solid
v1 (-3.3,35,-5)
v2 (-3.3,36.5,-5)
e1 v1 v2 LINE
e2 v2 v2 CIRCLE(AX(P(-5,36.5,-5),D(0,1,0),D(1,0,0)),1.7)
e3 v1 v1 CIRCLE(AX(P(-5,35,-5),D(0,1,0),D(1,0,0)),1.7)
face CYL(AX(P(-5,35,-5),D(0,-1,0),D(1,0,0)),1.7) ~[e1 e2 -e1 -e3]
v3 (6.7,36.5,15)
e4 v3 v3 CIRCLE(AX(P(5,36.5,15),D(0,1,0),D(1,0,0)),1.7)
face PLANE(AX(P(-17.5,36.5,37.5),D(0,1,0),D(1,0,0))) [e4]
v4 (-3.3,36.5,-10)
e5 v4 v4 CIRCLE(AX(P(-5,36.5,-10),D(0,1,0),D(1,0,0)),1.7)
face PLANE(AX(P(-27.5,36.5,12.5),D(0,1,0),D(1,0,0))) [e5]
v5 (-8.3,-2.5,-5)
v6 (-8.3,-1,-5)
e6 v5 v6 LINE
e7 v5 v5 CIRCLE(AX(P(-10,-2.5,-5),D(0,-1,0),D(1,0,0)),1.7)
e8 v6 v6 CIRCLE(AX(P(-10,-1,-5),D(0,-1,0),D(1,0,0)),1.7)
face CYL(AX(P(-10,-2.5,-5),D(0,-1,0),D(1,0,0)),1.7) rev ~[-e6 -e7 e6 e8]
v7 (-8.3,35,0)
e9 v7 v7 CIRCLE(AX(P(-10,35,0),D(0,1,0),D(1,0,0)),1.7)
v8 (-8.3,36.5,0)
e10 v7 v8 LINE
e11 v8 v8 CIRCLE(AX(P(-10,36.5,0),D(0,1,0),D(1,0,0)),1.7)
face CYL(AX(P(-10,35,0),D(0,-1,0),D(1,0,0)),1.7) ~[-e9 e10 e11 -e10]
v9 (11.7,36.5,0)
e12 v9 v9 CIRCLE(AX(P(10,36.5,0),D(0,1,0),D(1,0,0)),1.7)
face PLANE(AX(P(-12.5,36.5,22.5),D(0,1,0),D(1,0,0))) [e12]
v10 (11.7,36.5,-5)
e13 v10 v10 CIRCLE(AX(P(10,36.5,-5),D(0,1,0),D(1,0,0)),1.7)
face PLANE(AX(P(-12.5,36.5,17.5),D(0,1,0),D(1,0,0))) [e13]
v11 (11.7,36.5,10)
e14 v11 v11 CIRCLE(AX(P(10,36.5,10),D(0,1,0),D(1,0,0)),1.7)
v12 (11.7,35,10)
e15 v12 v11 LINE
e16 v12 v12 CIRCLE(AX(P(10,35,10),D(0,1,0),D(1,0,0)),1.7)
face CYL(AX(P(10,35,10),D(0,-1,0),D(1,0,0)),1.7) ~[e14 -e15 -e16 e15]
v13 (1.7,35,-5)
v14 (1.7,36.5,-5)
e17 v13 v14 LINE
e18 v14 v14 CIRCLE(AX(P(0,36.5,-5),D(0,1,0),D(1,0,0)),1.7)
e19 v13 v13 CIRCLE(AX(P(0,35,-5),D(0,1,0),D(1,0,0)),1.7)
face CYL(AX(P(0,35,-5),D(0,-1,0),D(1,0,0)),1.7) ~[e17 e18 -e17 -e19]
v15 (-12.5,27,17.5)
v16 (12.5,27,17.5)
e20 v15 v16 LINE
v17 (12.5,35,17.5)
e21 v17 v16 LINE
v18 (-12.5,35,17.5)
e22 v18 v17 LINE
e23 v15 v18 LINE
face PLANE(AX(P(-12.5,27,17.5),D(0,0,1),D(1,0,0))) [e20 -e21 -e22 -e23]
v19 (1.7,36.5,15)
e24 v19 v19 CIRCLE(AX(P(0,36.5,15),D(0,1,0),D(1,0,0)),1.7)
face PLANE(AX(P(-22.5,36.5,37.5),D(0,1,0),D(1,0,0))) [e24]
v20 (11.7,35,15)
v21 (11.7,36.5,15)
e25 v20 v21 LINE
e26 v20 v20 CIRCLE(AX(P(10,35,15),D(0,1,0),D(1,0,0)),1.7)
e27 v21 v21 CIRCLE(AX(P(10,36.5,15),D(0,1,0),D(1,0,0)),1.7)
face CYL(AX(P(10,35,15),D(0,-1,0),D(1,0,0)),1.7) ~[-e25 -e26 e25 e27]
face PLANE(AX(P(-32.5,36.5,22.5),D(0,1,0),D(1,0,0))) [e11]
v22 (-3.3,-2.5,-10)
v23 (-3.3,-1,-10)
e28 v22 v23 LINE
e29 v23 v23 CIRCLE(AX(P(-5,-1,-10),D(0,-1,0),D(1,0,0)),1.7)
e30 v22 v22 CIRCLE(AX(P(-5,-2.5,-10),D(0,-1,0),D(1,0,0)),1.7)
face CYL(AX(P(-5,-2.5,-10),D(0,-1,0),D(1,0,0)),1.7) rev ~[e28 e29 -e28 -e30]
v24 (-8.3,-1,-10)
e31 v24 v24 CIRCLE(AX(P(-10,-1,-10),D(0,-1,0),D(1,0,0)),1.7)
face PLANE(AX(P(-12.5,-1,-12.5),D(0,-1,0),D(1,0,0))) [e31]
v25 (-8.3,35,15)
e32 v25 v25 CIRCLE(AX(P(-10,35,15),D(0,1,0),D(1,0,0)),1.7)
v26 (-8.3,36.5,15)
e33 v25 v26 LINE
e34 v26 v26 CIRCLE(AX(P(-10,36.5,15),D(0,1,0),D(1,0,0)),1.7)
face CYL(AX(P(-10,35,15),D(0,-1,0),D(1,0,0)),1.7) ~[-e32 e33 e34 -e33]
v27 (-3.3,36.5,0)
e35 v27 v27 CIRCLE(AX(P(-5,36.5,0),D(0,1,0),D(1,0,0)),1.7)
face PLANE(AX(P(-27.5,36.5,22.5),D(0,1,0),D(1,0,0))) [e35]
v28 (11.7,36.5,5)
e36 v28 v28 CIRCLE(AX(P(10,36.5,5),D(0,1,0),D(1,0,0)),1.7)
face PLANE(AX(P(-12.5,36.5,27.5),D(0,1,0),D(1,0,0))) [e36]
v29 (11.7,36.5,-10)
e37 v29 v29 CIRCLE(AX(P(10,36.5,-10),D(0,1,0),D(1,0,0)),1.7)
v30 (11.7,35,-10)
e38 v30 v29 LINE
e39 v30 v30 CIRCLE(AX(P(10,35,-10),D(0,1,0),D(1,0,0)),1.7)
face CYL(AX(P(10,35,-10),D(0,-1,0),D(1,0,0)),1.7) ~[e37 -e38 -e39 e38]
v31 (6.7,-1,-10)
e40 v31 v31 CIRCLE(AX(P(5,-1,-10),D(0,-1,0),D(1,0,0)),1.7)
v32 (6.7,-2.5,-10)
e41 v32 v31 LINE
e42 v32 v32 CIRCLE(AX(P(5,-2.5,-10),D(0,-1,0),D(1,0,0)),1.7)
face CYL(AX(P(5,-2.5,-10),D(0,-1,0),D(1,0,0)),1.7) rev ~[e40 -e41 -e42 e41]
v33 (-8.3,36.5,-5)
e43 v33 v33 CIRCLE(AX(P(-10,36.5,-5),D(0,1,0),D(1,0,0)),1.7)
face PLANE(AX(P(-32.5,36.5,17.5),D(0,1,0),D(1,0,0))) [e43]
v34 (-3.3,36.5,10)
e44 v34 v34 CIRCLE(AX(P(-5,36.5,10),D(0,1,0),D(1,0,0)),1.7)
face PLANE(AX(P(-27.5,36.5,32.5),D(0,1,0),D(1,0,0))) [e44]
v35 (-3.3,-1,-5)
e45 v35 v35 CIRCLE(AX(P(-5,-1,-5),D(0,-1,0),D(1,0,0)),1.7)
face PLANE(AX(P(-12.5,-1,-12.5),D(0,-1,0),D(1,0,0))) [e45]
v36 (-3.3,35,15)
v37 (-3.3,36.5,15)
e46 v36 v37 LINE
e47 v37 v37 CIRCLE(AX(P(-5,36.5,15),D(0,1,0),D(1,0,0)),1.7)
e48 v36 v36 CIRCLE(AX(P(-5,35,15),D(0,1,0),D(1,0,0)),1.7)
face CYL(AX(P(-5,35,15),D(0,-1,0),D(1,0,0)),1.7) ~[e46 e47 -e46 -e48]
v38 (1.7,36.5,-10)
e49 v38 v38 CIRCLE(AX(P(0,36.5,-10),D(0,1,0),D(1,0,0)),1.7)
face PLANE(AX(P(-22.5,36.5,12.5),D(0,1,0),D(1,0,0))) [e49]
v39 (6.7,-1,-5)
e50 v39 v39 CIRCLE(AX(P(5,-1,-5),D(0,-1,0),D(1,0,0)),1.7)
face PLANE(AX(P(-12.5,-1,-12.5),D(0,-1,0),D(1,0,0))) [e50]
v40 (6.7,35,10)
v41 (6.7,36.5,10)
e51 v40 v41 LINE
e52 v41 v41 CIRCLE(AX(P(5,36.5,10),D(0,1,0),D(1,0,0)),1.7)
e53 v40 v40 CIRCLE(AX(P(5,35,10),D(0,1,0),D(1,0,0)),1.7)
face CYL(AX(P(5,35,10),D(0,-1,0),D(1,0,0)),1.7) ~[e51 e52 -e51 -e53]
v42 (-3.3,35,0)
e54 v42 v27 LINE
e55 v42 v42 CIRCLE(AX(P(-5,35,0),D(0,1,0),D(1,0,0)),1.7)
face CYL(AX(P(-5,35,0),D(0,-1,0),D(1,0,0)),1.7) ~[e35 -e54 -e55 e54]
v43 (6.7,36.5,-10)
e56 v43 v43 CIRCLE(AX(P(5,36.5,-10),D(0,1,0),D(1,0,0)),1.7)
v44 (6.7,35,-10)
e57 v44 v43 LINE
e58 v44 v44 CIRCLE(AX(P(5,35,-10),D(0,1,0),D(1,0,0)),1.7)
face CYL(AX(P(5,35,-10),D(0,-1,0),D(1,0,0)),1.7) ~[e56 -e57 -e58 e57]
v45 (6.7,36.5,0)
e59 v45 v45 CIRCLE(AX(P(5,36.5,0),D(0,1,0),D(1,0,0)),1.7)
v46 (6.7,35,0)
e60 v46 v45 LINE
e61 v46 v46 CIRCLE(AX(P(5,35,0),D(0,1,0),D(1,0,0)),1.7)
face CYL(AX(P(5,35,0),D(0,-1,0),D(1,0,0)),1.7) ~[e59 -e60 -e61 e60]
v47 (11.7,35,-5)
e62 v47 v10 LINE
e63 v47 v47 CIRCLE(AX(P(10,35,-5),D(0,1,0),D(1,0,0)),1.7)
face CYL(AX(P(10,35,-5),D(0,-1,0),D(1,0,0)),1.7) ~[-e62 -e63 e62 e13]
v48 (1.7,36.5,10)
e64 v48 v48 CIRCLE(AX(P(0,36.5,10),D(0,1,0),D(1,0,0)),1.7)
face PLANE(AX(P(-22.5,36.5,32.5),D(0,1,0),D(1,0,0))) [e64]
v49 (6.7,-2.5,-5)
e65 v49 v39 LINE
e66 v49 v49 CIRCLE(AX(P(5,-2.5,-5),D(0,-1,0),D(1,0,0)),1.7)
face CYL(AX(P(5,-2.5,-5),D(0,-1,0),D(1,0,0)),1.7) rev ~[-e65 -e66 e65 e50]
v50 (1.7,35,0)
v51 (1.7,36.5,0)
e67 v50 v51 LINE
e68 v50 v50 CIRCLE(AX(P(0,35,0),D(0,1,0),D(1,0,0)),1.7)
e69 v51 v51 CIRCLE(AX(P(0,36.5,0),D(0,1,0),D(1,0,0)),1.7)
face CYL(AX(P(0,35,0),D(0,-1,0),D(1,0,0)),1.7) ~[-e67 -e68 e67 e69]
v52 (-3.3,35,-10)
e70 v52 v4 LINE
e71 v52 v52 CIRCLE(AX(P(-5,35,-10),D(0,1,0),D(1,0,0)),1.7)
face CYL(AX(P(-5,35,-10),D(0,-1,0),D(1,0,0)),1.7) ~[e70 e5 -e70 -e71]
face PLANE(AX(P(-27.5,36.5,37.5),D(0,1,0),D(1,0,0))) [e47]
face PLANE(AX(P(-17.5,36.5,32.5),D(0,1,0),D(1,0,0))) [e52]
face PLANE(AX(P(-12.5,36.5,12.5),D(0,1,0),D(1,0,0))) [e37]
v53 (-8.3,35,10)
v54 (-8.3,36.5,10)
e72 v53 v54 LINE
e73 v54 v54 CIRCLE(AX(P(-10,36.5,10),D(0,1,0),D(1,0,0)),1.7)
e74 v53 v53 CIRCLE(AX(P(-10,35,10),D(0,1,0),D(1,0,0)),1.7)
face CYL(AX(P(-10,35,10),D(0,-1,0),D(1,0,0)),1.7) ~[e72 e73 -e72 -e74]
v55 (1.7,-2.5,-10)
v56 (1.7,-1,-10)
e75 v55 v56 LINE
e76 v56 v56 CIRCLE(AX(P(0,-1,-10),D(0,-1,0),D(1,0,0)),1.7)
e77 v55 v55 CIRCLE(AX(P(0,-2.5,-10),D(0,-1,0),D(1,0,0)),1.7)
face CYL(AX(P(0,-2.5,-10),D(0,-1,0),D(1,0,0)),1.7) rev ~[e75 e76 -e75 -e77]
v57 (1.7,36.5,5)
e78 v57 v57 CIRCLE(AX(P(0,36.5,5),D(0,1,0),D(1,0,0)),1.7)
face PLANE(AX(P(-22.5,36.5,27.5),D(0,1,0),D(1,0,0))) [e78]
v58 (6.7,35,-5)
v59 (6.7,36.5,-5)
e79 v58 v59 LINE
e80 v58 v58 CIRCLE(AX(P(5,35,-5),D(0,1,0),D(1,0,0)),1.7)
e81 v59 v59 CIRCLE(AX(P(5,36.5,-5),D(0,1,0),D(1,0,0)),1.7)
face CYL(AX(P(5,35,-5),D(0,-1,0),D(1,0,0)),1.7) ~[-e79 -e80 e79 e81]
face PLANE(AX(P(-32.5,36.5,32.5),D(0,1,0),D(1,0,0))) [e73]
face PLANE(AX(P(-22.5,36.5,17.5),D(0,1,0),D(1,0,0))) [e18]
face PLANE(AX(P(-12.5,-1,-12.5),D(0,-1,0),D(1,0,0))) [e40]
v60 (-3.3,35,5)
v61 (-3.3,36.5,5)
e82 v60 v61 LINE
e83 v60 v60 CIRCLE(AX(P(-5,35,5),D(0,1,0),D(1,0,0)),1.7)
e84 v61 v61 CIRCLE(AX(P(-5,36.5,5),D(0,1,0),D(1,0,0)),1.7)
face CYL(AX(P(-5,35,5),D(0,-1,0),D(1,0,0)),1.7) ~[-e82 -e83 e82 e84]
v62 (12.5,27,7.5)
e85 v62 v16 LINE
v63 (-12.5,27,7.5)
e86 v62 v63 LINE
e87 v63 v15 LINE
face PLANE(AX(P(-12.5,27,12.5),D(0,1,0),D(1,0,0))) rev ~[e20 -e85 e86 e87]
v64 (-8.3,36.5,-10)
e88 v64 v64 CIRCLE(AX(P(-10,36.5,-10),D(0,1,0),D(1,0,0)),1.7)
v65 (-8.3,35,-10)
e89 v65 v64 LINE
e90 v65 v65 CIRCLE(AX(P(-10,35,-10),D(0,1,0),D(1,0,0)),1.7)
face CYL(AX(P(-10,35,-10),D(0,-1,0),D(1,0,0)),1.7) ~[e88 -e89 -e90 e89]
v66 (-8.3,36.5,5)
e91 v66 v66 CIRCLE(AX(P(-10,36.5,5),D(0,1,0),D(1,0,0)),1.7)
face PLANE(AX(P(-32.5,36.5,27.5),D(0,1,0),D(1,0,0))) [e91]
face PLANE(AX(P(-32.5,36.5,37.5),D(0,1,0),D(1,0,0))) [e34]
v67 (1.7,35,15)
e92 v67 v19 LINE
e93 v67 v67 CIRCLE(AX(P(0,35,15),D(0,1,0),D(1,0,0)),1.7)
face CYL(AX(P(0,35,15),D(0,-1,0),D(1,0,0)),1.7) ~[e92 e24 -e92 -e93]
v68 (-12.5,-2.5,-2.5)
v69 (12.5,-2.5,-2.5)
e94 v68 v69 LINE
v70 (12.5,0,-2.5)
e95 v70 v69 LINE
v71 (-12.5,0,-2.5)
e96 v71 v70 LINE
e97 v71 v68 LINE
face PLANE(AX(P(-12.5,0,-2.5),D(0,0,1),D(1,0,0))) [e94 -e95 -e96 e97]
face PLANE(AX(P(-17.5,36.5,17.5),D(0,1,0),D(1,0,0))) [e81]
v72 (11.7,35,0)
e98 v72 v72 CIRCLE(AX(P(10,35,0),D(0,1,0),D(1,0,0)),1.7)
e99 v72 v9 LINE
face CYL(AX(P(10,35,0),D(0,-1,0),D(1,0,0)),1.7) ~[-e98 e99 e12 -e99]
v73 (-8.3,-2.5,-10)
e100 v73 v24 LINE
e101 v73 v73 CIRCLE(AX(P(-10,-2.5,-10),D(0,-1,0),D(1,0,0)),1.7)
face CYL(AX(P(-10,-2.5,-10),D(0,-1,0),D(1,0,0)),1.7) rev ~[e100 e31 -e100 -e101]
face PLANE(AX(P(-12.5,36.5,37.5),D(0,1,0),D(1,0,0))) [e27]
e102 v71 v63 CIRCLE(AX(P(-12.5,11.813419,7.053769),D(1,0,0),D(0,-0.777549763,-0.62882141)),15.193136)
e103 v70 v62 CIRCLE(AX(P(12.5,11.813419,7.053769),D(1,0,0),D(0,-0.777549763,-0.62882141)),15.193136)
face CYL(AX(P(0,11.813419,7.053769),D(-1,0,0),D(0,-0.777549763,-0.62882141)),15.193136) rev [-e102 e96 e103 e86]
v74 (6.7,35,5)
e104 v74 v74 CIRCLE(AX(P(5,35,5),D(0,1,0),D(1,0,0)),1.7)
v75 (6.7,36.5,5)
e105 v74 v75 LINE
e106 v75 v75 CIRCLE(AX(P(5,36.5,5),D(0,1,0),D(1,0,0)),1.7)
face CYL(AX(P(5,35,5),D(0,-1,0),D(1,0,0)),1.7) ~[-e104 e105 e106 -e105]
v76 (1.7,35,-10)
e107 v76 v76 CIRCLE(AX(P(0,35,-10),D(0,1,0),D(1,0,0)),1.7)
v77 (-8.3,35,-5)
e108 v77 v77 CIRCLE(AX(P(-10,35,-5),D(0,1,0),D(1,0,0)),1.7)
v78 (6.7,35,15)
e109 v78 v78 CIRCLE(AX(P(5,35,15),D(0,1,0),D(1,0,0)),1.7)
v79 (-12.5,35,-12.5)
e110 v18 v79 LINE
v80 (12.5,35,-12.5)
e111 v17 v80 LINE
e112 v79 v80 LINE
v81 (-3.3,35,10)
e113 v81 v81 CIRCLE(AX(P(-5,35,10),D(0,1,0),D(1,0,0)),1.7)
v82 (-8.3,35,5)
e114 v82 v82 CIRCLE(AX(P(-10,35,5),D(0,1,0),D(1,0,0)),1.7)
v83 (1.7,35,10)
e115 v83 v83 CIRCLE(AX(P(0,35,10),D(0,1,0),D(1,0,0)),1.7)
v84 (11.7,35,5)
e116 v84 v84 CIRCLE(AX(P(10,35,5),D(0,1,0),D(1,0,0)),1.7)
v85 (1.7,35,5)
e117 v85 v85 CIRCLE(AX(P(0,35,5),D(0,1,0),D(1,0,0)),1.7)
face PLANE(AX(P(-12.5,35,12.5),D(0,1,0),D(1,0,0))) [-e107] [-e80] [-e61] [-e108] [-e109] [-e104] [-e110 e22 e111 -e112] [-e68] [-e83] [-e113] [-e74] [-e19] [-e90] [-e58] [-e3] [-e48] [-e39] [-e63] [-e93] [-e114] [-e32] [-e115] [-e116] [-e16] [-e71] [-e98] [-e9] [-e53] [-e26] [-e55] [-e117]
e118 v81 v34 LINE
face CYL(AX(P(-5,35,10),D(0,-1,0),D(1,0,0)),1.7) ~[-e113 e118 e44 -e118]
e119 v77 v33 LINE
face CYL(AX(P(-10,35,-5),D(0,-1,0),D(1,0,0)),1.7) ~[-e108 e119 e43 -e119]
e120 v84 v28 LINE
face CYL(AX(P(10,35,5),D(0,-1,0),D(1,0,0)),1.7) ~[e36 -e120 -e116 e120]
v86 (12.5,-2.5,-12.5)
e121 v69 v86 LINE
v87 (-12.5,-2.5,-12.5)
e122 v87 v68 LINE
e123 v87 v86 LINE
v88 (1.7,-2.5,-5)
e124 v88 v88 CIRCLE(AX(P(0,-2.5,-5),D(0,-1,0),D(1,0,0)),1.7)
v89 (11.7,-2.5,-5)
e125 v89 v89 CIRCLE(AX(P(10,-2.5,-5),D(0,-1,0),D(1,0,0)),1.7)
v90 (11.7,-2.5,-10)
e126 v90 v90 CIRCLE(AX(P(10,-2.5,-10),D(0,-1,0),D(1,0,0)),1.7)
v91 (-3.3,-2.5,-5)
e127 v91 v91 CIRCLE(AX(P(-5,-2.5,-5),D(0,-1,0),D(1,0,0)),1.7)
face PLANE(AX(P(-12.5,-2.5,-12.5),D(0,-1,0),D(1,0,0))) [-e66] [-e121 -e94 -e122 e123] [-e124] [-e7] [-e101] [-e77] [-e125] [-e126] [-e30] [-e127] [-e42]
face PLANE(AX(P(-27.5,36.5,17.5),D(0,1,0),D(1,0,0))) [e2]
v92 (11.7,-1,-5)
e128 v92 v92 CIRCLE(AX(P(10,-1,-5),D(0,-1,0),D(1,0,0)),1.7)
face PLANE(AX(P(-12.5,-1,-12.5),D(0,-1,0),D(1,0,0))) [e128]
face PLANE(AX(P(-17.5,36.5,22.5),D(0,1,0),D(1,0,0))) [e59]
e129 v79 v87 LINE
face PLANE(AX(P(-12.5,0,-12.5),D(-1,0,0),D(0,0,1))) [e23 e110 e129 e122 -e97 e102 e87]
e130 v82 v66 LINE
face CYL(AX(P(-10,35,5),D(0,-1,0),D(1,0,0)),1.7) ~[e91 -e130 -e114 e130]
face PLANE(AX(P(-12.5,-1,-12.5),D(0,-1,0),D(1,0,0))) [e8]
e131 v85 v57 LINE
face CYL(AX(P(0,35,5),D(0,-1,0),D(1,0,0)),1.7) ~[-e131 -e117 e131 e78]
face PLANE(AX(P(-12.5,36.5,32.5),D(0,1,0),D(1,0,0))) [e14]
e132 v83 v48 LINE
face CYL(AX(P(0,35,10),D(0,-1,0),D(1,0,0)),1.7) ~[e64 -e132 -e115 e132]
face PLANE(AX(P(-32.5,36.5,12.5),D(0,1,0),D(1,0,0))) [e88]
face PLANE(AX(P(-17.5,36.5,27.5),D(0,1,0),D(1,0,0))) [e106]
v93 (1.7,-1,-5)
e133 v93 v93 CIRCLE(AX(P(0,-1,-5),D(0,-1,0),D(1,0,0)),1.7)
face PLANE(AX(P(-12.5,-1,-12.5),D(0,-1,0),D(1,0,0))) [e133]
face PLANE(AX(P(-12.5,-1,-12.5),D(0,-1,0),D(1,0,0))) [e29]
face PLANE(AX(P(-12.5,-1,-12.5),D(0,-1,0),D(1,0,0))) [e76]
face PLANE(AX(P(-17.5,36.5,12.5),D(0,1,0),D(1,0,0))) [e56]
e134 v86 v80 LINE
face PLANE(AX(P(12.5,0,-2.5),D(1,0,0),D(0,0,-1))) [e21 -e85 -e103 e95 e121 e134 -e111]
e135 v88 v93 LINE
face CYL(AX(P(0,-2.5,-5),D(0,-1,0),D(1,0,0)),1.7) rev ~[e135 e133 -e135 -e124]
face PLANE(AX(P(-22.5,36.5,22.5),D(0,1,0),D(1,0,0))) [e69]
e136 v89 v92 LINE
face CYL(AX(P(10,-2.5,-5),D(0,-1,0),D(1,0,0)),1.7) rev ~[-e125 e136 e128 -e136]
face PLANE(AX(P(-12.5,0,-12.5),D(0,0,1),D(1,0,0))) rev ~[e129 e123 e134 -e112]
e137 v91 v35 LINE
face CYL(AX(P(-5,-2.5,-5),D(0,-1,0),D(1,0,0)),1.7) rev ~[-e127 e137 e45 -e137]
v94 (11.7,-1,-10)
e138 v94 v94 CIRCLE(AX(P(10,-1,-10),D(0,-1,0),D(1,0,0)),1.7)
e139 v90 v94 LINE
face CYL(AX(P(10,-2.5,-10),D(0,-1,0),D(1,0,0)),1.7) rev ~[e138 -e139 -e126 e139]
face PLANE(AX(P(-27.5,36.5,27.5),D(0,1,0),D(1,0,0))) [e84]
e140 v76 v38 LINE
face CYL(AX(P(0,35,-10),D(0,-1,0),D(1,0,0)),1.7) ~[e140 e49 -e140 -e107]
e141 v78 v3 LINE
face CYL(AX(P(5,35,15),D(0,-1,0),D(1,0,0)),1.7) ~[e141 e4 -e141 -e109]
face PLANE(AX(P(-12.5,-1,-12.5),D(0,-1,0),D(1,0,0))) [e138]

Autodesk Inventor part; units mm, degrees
ref_plane "YZ Plane" through (0, 0, 0) normal (1, 0, 0) x (0, 1, 0)
ref_plane "XZ Plane" through (0, 0, 0) normal (0, 1, 0) x (-1, 0, 0)
ref_plane "XY Plane" through (0, 0, 0) normal (0, 0, 1) x (1, 0, 0)
sketch "草圖1" plane through (0, 0, 0) normal (0, 1, 0) x (-1, 0, 0)
  line L0 (12.5, 12.5) -> (-12.5, 12.5)
  line L1 (-12.5, 12.5) -> (-12.5, -12.5)
  line L2 (-12.5, -12.5) -> (12.5, -12.5)
  line L3 (12.5, -12.5) -> (12.5, 12.5)
  circle A0 centre (10, 10) radius 1.7
  circle A1 centre (5, 10) radius 1.7
  circle A2 centre (0, 10) radius 1.7
  circle A3 centre (-5, 10) radius 1.7
  circle A4 centre (-10, 10) radius 1.7
  circle A5 centre (10, 5) radius 1.7
  circle A6 centre (5, 5) radius 1.7
  circle A7 centre (0, 5) radius 1.7
  circle A8 centre (-5, 5) radius 1.7
  circle A9 centre (-10, 5) radius 1.7
  circle A10 centre (10, 0) radius 1.7
  circle A11 centre (5, 0) radius 1.7
  circle A12 centre (0, 0) radius 1.7
  circle A13 centre (-5, 0) radius 1.7
  circle A14 centre (-10, 0) radius 1.7
  circle A15 centre (10, -5) radius 1.7
  circle A16 centre (5, -5) radius 1.7
  circle A17 centre (0, -5) radius 1.7
  circle A18 centre (-5, -5) radius 1.7
  circle A19 centre (-10, -5) radius 1.7
  circle A20 centre (10, -10) radius 1.7
  circle A21 centre (5, -10) radius 1.7
  circle A22 centre (0, -10) radius 1.7
  circle A23 centre (-5, -10) radius 1.7
  circle A24 centre (-10, -10) radius 1.7
  point P0 (0, 0)
  point P1 (12.5, 0)
  point P2 (0, -12.5)
  dimension "d0" = 25
  dimension "d1" = 25
  dimension "d10" = 3.4
  dimension "d11" = 2.5
  dimension "d12" = 2.5
  dimension "d15" = 5
  dimension "d18" = 5
sketch "草圖2" plane through (0, 0, 0) normal (1, 0, 0) x (0, 1, 0)
  line L0 (0, 12.5) -> (0, -12.5) projected
  line L1 (0, -12.5) -> (35, -12.5)
  line L2 (35, -12.5) -> (35, 12.5)
  line L3 (35, 12.5) -> (27, 12.5)
  line L4 (27, 12.5) -> (27, 7.5)
  line L5 (0, -12.5) -> (0, -2.5)
  arc A0 (0, -2.5) -> (27, 7.5) centre (11.8134, 7.0537) ccw
  point P0 (0, 0)
  dimension "d2" = 35
  dimension "d3" = 8
  dimension "d4" = 5
  dimension "d5" = 10
  dimension "d6" = 25
  dimension "d7" = 15.1931
extrude "擠出1" add sketch "草圖2" along normal mid plane 25
sketch "草圖3" plane through (-12.5, 35, 12.5) normal (0, 1, 0) x (1, 0, 0)
  circle A0 centre (22.5, 22.5) radius 1.7 projected
  point P0 (12.5, 12.5)
extrude "擠出3" add sketch "草圖3" along normal blind 1.5
pattern_linear "矩形陣列1" count 5 spacing 5 along (-1, 0, 0) count 6 spacing 5 along (0, 0, 1) of "擠出3"
sketch "草圖4" plane through (-12.5, 27, 12.5) normal (0, 0, 1) x (1, 0, 0)
  line L0 (0, 0) -> (25, 0) projected
  line L1 (25, 8) -> (25, 0) projected
  line L2 (0, 8) -> (25, 8) projected
  line L3 (0, 0) -> (0, 8) projected
  line L4 (0, 8) -> (25, 8)
  line L5 (25, 8) -> (25, 0)
  line L6 (25, 0) -> (0, 0)
  line L7 (0, 0) -> (0, 8)
  point P0 (12.5, -27)
extrude "擠出4" add sketch "草圖4" along normal blind 5
sketch "草圖5" plane through (-12.5, 0, -12.5) normal (0, -1, 0) x (1, 0, 0)
  line L0 (0, 10) -> (25, 10) projected
  line L1 (25, 10) -> (25, 0) projected
  line L2 (0, 0) -> (25, 0) projected
  line L3 (0, 0) -> (0, 10) projected
  point P0 (12.5, 12.5)
extrude "擠出5" add sketch "草圖5" along normal blind 2.5
sketch "草圖6" plane through (-12.5, -2.5, -12.5) normal (0, -1, 0) x (1, 0, 0)
  circle A0 centre (22.5, 7.5) radius 1.7 projected
  circle A1 centre (22.5, 2.5) radius 1.7 projected
  circle A2 centre (17.5, 7.5) radius 1.7 projected
  line L0 (25, 0) -> (25, 10) projected
  line L1 (25, 10) -> (0, 10) projected
  line L2 (0, 10) -> (0, 0) projected
  line L3 (0, 0) -> (25, 0) projected
  circle A3 centre (12.5, 7.5) radius 1.7 projected
  circle A4 centre (12.5, 2.5) radius 1.7 projected
  circle A5 centre (17.5, 2.5) radius 1.7 projected
  circle A6 centre (7.5, 7.5) radius 1.7 projected
  circle A7 centre (7.5, 2.5) radius 1.7 projected
  circle A8 centre (2.5, 7.5) radius 1.7 projected
  circle A9 centre (2.5, 2.5) radius 1.7 projected
  point P0 (12.5, 12.5)
extrude "擠出6" cut sketch "草圖6" against normal blind 1.5 contours A0 | A1 | A2 | A3 | A4 | A5 | A6 | A7 | A8 | A9
properties part number "110033226_ipt_19_大橋接通道路"
